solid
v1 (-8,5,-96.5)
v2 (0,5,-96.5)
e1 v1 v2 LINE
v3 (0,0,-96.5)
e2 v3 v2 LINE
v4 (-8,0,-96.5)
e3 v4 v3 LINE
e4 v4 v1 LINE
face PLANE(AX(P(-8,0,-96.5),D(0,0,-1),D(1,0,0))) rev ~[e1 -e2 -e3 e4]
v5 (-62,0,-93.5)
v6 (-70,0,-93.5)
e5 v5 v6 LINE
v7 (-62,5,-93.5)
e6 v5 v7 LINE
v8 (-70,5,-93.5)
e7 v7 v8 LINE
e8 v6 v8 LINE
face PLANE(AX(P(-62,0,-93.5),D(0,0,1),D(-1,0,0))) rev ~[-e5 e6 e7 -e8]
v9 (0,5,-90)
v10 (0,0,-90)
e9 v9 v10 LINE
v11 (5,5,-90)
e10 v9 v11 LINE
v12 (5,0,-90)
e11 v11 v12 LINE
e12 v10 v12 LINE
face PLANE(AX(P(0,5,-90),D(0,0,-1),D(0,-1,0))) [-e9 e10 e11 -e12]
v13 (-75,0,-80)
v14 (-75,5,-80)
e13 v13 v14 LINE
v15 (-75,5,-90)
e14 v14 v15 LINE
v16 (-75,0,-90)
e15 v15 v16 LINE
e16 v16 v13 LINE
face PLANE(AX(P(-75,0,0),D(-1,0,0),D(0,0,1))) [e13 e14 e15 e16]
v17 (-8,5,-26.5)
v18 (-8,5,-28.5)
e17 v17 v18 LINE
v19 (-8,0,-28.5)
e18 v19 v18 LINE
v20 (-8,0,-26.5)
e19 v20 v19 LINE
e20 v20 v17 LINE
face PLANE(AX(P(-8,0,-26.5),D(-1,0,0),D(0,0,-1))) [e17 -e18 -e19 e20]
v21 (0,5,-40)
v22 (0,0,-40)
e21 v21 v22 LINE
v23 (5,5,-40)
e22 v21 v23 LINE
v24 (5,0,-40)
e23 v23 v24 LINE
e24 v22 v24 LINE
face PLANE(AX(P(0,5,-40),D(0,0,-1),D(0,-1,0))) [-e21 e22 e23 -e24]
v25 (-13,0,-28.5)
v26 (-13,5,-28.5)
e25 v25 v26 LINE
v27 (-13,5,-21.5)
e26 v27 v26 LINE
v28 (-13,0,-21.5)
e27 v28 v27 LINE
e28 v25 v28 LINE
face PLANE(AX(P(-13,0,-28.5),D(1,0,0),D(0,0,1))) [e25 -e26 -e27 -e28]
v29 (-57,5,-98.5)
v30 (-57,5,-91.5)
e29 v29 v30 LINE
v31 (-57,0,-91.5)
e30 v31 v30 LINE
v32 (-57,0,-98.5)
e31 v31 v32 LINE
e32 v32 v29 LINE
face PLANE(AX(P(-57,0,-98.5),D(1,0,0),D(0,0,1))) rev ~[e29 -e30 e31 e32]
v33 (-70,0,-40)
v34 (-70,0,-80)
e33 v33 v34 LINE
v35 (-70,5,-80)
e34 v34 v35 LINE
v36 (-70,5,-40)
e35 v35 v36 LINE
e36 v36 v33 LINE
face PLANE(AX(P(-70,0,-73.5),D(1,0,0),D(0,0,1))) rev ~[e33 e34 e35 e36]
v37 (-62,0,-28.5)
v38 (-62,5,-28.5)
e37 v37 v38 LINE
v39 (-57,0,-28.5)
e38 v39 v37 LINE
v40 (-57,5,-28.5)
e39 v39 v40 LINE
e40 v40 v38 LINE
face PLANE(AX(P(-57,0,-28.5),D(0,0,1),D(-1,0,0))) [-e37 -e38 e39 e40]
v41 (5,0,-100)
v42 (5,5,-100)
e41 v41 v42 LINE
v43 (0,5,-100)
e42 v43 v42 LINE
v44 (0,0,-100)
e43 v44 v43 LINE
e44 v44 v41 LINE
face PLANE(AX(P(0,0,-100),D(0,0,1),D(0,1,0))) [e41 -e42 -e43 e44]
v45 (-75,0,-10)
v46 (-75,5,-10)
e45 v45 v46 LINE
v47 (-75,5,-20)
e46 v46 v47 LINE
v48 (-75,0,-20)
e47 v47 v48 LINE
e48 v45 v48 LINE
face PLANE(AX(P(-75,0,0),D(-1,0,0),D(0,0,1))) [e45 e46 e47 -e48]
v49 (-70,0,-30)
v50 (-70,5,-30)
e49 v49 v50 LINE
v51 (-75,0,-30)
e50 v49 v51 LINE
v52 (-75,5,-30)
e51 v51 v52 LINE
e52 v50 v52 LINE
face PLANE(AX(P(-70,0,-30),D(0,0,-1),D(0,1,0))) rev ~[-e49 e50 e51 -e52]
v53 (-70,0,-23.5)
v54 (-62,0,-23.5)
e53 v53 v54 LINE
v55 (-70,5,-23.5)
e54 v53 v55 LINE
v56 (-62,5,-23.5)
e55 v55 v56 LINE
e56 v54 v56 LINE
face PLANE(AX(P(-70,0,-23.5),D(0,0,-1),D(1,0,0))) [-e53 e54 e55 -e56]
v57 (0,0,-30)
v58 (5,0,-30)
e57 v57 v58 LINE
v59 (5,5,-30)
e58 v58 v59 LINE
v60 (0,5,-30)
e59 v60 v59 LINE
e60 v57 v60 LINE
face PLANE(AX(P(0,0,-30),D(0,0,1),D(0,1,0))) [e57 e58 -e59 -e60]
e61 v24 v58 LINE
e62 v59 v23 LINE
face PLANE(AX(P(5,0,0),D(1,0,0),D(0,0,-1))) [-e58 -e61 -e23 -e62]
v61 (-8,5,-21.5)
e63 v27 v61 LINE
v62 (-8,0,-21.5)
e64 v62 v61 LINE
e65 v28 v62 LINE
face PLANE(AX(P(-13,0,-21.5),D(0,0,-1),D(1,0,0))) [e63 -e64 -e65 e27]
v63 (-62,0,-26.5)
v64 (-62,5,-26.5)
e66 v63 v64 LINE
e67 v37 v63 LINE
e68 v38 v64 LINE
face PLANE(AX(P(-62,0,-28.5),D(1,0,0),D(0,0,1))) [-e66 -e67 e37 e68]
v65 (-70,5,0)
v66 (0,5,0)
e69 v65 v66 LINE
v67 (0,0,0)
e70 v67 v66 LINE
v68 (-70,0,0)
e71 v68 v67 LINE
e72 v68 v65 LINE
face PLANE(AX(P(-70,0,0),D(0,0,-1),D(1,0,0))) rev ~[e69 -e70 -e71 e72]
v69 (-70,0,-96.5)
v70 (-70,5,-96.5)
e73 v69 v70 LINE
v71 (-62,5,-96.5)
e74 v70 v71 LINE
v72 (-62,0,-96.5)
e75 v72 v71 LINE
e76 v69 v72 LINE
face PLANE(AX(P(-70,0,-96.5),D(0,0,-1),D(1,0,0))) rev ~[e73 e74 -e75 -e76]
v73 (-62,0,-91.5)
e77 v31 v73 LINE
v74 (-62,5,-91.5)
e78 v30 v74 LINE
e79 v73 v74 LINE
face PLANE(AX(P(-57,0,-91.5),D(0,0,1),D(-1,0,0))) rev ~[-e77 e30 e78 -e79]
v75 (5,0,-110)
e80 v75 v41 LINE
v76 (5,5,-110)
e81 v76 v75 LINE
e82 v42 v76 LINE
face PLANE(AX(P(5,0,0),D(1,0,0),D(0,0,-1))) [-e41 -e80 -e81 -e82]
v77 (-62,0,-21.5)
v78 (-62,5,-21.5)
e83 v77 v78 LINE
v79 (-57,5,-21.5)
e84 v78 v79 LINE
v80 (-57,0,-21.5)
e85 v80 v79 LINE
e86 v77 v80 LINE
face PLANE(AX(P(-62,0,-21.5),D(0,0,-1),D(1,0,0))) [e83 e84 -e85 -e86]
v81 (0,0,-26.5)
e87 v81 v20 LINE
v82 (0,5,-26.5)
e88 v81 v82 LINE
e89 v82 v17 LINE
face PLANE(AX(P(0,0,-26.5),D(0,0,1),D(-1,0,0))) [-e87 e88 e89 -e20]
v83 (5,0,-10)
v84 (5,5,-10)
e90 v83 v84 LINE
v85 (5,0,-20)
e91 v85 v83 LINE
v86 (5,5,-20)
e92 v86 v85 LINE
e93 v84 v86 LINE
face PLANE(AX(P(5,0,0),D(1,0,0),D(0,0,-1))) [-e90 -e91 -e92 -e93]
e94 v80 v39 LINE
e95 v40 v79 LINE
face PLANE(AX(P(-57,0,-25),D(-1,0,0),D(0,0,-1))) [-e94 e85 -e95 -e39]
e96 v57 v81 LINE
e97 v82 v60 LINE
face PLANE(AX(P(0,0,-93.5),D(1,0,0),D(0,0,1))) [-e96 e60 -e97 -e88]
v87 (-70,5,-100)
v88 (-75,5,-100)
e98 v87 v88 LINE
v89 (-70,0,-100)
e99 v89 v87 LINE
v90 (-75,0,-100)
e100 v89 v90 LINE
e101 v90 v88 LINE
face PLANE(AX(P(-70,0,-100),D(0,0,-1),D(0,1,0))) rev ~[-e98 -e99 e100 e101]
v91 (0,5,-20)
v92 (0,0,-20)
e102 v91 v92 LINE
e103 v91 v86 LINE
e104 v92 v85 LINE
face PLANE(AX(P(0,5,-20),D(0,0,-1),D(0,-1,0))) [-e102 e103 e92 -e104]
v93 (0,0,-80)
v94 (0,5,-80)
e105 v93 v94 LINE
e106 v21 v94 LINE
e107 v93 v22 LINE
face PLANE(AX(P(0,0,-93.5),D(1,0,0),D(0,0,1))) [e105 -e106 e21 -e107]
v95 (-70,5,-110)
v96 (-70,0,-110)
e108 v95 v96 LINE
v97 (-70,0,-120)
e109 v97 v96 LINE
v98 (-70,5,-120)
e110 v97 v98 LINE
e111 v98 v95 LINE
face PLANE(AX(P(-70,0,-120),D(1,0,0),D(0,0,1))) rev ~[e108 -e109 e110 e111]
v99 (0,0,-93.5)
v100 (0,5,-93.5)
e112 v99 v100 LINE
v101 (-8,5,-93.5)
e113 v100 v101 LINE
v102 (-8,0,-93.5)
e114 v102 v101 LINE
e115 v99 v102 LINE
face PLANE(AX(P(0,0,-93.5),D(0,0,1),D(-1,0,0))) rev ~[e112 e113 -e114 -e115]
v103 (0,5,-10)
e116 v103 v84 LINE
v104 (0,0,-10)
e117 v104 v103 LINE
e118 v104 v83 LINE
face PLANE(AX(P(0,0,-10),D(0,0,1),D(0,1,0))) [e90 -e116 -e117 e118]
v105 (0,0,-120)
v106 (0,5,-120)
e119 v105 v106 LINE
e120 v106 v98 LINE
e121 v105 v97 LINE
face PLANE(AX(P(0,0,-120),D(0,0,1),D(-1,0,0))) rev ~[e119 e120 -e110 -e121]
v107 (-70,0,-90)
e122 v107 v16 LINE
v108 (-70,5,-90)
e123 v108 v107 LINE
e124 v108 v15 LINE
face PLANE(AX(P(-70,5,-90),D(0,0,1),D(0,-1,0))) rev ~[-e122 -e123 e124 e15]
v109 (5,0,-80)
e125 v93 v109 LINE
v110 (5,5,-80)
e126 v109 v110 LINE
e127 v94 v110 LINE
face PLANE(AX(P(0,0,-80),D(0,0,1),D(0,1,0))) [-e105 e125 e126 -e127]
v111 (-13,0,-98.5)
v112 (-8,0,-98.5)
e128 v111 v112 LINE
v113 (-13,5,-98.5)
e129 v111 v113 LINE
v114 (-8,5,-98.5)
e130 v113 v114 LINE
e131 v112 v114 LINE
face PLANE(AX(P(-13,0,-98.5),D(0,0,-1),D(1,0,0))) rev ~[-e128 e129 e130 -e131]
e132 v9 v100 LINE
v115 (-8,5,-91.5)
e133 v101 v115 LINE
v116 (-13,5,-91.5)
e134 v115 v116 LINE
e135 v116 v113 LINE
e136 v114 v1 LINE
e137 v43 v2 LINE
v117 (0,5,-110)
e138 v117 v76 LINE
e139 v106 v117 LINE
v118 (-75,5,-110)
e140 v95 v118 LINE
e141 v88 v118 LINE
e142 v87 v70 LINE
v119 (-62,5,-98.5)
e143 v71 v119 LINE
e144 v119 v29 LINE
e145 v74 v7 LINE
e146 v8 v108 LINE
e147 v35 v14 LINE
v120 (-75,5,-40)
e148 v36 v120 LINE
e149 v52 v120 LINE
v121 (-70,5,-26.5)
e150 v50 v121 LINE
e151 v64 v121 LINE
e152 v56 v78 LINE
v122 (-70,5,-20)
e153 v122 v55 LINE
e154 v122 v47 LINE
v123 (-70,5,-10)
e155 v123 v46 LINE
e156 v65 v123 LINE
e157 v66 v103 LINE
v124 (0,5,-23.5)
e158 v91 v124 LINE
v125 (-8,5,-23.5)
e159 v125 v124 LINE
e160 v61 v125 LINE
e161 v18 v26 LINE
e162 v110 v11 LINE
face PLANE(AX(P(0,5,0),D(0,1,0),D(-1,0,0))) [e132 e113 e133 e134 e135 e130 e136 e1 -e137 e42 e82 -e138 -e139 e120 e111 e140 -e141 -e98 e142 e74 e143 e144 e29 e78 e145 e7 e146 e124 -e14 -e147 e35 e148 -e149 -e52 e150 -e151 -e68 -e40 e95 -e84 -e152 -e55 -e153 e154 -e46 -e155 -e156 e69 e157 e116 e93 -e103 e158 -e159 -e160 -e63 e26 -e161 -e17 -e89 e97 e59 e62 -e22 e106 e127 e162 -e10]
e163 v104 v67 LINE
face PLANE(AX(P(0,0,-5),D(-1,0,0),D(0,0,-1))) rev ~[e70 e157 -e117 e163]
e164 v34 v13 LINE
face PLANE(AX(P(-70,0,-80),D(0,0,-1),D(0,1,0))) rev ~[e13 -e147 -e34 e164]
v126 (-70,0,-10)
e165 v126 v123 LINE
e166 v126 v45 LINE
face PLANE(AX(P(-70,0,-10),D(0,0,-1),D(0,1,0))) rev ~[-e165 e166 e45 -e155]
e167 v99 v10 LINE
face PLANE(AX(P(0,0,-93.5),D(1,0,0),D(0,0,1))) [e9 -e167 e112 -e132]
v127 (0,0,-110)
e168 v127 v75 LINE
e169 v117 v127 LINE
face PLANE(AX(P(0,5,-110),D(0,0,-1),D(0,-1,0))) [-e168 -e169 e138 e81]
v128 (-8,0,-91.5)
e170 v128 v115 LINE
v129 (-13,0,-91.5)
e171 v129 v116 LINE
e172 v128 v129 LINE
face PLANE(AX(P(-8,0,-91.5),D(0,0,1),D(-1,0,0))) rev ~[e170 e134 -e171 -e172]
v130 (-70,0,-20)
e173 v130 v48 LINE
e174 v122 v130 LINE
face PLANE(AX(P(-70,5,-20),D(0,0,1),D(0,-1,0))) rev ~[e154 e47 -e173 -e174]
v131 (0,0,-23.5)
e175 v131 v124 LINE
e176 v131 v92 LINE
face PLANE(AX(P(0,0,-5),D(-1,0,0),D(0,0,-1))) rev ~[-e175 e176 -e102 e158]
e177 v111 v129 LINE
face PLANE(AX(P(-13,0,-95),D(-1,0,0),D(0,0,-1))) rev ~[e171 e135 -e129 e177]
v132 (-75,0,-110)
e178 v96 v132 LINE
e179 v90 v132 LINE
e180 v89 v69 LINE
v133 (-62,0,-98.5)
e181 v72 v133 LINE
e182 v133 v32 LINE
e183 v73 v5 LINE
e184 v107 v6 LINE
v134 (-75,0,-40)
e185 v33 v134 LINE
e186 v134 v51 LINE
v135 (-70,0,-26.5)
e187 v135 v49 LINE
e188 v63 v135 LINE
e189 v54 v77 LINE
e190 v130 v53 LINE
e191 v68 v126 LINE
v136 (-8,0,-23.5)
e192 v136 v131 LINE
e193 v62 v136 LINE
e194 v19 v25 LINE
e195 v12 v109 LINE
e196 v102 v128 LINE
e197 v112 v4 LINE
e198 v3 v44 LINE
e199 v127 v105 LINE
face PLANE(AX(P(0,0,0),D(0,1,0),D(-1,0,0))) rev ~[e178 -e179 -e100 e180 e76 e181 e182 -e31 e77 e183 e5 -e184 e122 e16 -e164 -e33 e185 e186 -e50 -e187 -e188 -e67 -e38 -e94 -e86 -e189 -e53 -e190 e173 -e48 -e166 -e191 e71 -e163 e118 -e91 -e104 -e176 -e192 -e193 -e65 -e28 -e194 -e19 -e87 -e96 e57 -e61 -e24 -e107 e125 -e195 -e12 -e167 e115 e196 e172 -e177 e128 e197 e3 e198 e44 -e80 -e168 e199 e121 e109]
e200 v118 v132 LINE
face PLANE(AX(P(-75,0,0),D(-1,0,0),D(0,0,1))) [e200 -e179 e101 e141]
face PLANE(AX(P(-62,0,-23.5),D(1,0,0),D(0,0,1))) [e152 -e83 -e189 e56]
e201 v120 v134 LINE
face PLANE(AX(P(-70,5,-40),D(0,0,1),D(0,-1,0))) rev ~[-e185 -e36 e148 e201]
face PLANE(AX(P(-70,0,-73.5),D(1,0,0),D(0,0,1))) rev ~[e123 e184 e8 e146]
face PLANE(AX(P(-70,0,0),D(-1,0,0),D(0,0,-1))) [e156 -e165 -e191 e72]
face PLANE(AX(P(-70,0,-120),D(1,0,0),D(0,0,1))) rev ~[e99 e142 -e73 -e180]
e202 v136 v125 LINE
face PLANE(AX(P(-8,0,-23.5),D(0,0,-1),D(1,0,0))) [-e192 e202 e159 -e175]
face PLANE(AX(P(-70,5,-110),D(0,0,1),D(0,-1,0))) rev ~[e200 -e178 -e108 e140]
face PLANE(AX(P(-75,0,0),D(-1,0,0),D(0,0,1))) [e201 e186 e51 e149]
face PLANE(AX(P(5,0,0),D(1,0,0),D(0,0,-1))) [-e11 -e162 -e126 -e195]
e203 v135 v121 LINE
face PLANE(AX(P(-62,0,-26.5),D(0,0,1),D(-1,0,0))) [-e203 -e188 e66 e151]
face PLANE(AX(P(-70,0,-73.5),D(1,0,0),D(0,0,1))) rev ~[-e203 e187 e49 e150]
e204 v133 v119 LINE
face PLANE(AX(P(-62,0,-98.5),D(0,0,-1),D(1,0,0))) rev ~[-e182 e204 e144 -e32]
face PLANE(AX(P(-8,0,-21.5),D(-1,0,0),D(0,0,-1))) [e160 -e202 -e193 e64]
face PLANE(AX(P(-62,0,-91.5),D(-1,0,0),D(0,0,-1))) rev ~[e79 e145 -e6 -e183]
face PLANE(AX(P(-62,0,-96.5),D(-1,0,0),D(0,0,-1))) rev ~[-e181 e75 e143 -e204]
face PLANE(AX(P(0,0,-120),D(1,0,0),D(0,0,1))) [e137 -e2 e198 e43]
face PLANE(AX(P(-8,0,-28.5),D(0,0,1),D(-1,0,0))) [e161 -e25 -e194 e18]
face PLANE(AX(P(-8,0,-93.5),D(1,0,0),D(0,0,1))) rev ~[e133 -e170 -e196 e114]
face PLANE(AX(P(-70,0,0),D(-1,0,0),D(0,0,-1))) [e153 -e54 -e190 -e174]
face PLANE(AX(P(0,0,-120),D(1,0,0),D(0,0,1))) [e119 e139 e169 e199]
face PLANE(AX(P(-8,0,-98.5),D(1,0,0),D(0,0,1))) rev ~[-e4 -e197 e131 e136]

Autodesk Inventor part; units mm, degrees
sketch "Sketch1" plane through (0, 0, 0) normal (0, 1, 0) x (-1, 0, 0)
  line L0 (0, -120) -> (70, -120)
  line L1 (70, 0) -> (0, 0)
  line L2 (0, 0) -> (0, -5)
  line L3 (0, -120) -> (0, -115)
  line L4 (0, -5) -> (0, -3.5)
  line L5 (0, -120) -> (0, -115)
  line L6 (70, 45) -> (70, 46.5)
  line L7 (70, -73.5) -> (70, -26.5)
  line L8 (70, -60) -> (70, -58.5)
  line L9 (70, -73.5) -> (70, -88.5)
  line L10 (0, -115) -> (0, -120)
  line L11 (70, -73.5) -> (70, -76.5)
  line L12 (0, -33.5) -> (0, -36.5)
  line L13 (0, -80) -> (0, -36.5)
  line L14 (0, -55) -> (0, -26.5)
  line L15 (0, -26.5) -> (8, -26.5)
  line L16 (8, -26.5) -> (8, -28.5)
  line L17 (8, -28.5) -> (13, -28.5)
  line L18 (13, -28.5) -> (13, -21.5)
  line L19 (13, -21.5) -> (8, -21.5)
  line L20 (8, -21.5) -> (8, -23.5)
  line L21 (8, -23.5) -> (0, -23.5)
  line L22 (13, -25) -> (57, -25)
  line L23 (70, -25) -> (70, -23.5)
  line L24 (70, -23.5) -> (62, -23.5)
  line L25 (62, -23.5) -> (62, -21.5)
  line L26 (62, -21.5) -> (57, -21.5)
  line L27 (57, -21.5) -> (57, -28.5)
  line L28 (57, -28.5) -> (62, -28.5)
  line L29 (62, -28.5) -> (62, -26.5)
  line L30 (62, -26.5) -> (70, -26.5)
  line L31 (0, 0) -> (0, -23.5)
  line L32 (0, -26.5) -> (0, -55)
  line L33 (0, -5) -> (0, -23.5)
  line L34 (0, -26.5) -> (0, -33.5)
  line L35 (0, -5) -> (0, -23.5)
  line L36 (0, -26.5) -> (0, -33.5)
  line L37 (0, 0) -> (0, -23.5)
  line L38 (0, -26.5) -> (0, -33.5)
  line L39 (70, 0) -> (70, -23.5)
  line L40 (70, -26.5) -> (70, -88.5)
  line L41 (0, -83.5) -> (0, -80)
  line L42 (0, -80) -> (0, -83.5)
  line L43 (70, -88.5) -> (70, -76.5)
  line L44 (13, -25) -> (0, -25)
  line L45 (0, -83.5) -> (0, -88.5)
  line L46 (0, -91.5) -> (0, -88.5)
  line L47 (70, -91.5) -> (70, -88.5)
  line L48 (0, -26.5) -> (0, -60)
  line L49 (0, -60) -> (70, -60)
  line L50 (0, -93.5) -> (8, -93.5)
  line L51 (8, -93.5) -> (8, -91.5)
  line L52 (8, -91.5) -> (13, -91.5)
  line L53 (13, -91.5) -> (13, -98.5)
  line L54 (13, -98.5) -> (8, -98.5)
  line L55 (8, -98.5) -> (8, -96.5)
  line L56 (8, -96.5) -> (0, -96.5)
  line L57 (13, -95) -> (57, -95)
  line L58 (70, -96.5) -> (62, -96.5)
  line L59 (62, -96.5) -> (62, -98.5)
  line L60 (62, -98.5) -> (57, -98.5)
  line L61 (57, -98.5) -> (57, -91.5)
  line L62 (57, -91.5) -> (62, -91.5)
  line L63 (62, -91.5) -> (62, -93.5)
  line L64 (62, -93.5) -> (70, -93.5)
  line L65 (0, -93.5) -> (0, -86.5)
  line L66 (0, -93.5) -> (0, -86.5)
  line L67 (0, -93.5) -> (0, -86.5)
  line L68 (0, -91.5) -> (0, -93.5)
  line L69 (0, -96.5) -> (0, -110)
  line L70 (0, -120) -> (0, -96.5)
  line L71 (0, -93.5) -> (0, -91.5)
  line L72 (70, -120) -> (70, -96.5)
  line L73 (70, -93.5) -> (70, -91.5)
  dimension "d70" = 120
  dimension "d115" = 5
  dimension "d116" = 7
  dimension "d117" = 5
  dimension "d119" = 8
  dimension "d120" = 2
  dimension "d121" = 5
  dimension "d123" = 25
  dimension "d124" = 1.5
  dimension "d125" = 1.5
  dimension "d126" = 1.5
  dimension "d127" = 1.5
  dimension "d128" = 35
  dimension "d130" = 70
  dimension "d131" = 8
  dimension "d132" = 2
ref_plane "Work Plane2" through (0, 0, 0) normal (0, -1, 0) x (1, 0, 0)
sketch "Sketch2" plane through (0, 0, 0) normal (0, -1, 0) x (1, 0, 0)
  point P0 (0, 0)
ref_plane "Work Plane3" through (0, 0, 0) normal (1, 0, 0) x (0, 0, -1)
sketch "Sketch3" plane through (0, 0, 0) normal (1, 0, 0) x (0, 0, -1)
  line L0 (0, 0) -> (10, 0)
  line L1 (10, 0) -> (10, 5)
  line L2 (10, 5) -> (20, 5)
  line L3 (20, 5) -> (20, 0)
  line L4 (20, 0) -> (10, 0)
  line L5 (20, 0) -> (30, 0)
  line L6 (30, 0) -> (30, 5)
  line L7 (30, 5) -> (40, 5)
  line L8 (40, 5) -> (40, 0)
  line L9 (40, 0) -> (30, 0)
  line L10 (40, 0) -> (80, 0)
  line L11 (80, 0) -> (80, 5)
  line L12 (80, 5) -> (90, 5)
  line L13 (90, 5) -> (90, 0)
  line L14 (90, 0) -> (100, 0)
  line L15 (100, 0) -> (100, 5)
  line L16 (100, 5) -> (110, 5)
  line L17 (110, 5) -> (110, 0)
  line L18 (110, 0) -> (100, 0)
  line L19 (90, 0) -> (80, 0)
  dimension "d46" = 10
  dimension "d47" = 5
  dimension "d48" = 10
  dimension "d49" = 10
  dimension "d50" = 10
  dimension "d75" = 5
  dimension "d76" = 10
  dimension "d77" = 10
  dimension "d78" = 5
  dimension "d79" = 10
  dimension "d129" = 40
ref_plane "Work Plane1" through (-70, 0, 0) normal (-1, 0, 0) x (0, 0, 1)
sketch "Sketch4" plane through (-70, 0, 0) normal (-1, 0, 0) x (0, 0, 1)
  line L0 (0, 0) -> (-10, 0)
  line L1 (-10, 0) -> (-10, 5)
  line L2 (-10, 5) -> (-20, 5)
  line L3 (-20, 5) -> (-20, 0)
  line L4 (-10, 0) -> (-20, 0)
  line L5 (-20, 0) -> (-30, 0)
  line L6 (-30, 0) -> (-30, 5)
  line L7 (-30, 5) -> (-40, 5)
  line L8 (-40, 5) -> (-40, 0)
  line L9 (-40, 0) -> (-30, 0)
  line L10 (-40, 5) -> (-40, 0)
  line L11 (-40, 0) -> (-80, 0)
  line L12 (-80, 0) -> (-80, 5)
  line L13 (-80, 5) -> (-90, 5)
  line L14 (-90, 5) -> (-90, 0)
  line L15 (-90, 0) -> (-80, 0)
  line L16 (-90, 0) -> (-100, 0)
  line L17 (-100, 0) -> (-100, 5)
  line L18 (-100, 5) -> (-110, 5)
  line L19 (-110, 5) -> (-110, 0)
  line L20 (-100, 0) -> (-110, 0)
  dimension "d58" = 10
  dimension "d59" = 5
  dimension "d60" = 10
  dimension "d61" = 10
  dimension "d62" = 10
  dimension "d80" = 40
  dimension "d81" = 10
  dimension "d82" = 10
  dimension "d83" = 10
extrude "Extrusion12" add sketch "Sketch1" along normal blind 5
extrude "Extrusion13" add sketch "Sketch3" along normal blind 5
extrude "Extrusion14" add sketch "Sketch4" along normal blind 5
properties part number "frontal"
